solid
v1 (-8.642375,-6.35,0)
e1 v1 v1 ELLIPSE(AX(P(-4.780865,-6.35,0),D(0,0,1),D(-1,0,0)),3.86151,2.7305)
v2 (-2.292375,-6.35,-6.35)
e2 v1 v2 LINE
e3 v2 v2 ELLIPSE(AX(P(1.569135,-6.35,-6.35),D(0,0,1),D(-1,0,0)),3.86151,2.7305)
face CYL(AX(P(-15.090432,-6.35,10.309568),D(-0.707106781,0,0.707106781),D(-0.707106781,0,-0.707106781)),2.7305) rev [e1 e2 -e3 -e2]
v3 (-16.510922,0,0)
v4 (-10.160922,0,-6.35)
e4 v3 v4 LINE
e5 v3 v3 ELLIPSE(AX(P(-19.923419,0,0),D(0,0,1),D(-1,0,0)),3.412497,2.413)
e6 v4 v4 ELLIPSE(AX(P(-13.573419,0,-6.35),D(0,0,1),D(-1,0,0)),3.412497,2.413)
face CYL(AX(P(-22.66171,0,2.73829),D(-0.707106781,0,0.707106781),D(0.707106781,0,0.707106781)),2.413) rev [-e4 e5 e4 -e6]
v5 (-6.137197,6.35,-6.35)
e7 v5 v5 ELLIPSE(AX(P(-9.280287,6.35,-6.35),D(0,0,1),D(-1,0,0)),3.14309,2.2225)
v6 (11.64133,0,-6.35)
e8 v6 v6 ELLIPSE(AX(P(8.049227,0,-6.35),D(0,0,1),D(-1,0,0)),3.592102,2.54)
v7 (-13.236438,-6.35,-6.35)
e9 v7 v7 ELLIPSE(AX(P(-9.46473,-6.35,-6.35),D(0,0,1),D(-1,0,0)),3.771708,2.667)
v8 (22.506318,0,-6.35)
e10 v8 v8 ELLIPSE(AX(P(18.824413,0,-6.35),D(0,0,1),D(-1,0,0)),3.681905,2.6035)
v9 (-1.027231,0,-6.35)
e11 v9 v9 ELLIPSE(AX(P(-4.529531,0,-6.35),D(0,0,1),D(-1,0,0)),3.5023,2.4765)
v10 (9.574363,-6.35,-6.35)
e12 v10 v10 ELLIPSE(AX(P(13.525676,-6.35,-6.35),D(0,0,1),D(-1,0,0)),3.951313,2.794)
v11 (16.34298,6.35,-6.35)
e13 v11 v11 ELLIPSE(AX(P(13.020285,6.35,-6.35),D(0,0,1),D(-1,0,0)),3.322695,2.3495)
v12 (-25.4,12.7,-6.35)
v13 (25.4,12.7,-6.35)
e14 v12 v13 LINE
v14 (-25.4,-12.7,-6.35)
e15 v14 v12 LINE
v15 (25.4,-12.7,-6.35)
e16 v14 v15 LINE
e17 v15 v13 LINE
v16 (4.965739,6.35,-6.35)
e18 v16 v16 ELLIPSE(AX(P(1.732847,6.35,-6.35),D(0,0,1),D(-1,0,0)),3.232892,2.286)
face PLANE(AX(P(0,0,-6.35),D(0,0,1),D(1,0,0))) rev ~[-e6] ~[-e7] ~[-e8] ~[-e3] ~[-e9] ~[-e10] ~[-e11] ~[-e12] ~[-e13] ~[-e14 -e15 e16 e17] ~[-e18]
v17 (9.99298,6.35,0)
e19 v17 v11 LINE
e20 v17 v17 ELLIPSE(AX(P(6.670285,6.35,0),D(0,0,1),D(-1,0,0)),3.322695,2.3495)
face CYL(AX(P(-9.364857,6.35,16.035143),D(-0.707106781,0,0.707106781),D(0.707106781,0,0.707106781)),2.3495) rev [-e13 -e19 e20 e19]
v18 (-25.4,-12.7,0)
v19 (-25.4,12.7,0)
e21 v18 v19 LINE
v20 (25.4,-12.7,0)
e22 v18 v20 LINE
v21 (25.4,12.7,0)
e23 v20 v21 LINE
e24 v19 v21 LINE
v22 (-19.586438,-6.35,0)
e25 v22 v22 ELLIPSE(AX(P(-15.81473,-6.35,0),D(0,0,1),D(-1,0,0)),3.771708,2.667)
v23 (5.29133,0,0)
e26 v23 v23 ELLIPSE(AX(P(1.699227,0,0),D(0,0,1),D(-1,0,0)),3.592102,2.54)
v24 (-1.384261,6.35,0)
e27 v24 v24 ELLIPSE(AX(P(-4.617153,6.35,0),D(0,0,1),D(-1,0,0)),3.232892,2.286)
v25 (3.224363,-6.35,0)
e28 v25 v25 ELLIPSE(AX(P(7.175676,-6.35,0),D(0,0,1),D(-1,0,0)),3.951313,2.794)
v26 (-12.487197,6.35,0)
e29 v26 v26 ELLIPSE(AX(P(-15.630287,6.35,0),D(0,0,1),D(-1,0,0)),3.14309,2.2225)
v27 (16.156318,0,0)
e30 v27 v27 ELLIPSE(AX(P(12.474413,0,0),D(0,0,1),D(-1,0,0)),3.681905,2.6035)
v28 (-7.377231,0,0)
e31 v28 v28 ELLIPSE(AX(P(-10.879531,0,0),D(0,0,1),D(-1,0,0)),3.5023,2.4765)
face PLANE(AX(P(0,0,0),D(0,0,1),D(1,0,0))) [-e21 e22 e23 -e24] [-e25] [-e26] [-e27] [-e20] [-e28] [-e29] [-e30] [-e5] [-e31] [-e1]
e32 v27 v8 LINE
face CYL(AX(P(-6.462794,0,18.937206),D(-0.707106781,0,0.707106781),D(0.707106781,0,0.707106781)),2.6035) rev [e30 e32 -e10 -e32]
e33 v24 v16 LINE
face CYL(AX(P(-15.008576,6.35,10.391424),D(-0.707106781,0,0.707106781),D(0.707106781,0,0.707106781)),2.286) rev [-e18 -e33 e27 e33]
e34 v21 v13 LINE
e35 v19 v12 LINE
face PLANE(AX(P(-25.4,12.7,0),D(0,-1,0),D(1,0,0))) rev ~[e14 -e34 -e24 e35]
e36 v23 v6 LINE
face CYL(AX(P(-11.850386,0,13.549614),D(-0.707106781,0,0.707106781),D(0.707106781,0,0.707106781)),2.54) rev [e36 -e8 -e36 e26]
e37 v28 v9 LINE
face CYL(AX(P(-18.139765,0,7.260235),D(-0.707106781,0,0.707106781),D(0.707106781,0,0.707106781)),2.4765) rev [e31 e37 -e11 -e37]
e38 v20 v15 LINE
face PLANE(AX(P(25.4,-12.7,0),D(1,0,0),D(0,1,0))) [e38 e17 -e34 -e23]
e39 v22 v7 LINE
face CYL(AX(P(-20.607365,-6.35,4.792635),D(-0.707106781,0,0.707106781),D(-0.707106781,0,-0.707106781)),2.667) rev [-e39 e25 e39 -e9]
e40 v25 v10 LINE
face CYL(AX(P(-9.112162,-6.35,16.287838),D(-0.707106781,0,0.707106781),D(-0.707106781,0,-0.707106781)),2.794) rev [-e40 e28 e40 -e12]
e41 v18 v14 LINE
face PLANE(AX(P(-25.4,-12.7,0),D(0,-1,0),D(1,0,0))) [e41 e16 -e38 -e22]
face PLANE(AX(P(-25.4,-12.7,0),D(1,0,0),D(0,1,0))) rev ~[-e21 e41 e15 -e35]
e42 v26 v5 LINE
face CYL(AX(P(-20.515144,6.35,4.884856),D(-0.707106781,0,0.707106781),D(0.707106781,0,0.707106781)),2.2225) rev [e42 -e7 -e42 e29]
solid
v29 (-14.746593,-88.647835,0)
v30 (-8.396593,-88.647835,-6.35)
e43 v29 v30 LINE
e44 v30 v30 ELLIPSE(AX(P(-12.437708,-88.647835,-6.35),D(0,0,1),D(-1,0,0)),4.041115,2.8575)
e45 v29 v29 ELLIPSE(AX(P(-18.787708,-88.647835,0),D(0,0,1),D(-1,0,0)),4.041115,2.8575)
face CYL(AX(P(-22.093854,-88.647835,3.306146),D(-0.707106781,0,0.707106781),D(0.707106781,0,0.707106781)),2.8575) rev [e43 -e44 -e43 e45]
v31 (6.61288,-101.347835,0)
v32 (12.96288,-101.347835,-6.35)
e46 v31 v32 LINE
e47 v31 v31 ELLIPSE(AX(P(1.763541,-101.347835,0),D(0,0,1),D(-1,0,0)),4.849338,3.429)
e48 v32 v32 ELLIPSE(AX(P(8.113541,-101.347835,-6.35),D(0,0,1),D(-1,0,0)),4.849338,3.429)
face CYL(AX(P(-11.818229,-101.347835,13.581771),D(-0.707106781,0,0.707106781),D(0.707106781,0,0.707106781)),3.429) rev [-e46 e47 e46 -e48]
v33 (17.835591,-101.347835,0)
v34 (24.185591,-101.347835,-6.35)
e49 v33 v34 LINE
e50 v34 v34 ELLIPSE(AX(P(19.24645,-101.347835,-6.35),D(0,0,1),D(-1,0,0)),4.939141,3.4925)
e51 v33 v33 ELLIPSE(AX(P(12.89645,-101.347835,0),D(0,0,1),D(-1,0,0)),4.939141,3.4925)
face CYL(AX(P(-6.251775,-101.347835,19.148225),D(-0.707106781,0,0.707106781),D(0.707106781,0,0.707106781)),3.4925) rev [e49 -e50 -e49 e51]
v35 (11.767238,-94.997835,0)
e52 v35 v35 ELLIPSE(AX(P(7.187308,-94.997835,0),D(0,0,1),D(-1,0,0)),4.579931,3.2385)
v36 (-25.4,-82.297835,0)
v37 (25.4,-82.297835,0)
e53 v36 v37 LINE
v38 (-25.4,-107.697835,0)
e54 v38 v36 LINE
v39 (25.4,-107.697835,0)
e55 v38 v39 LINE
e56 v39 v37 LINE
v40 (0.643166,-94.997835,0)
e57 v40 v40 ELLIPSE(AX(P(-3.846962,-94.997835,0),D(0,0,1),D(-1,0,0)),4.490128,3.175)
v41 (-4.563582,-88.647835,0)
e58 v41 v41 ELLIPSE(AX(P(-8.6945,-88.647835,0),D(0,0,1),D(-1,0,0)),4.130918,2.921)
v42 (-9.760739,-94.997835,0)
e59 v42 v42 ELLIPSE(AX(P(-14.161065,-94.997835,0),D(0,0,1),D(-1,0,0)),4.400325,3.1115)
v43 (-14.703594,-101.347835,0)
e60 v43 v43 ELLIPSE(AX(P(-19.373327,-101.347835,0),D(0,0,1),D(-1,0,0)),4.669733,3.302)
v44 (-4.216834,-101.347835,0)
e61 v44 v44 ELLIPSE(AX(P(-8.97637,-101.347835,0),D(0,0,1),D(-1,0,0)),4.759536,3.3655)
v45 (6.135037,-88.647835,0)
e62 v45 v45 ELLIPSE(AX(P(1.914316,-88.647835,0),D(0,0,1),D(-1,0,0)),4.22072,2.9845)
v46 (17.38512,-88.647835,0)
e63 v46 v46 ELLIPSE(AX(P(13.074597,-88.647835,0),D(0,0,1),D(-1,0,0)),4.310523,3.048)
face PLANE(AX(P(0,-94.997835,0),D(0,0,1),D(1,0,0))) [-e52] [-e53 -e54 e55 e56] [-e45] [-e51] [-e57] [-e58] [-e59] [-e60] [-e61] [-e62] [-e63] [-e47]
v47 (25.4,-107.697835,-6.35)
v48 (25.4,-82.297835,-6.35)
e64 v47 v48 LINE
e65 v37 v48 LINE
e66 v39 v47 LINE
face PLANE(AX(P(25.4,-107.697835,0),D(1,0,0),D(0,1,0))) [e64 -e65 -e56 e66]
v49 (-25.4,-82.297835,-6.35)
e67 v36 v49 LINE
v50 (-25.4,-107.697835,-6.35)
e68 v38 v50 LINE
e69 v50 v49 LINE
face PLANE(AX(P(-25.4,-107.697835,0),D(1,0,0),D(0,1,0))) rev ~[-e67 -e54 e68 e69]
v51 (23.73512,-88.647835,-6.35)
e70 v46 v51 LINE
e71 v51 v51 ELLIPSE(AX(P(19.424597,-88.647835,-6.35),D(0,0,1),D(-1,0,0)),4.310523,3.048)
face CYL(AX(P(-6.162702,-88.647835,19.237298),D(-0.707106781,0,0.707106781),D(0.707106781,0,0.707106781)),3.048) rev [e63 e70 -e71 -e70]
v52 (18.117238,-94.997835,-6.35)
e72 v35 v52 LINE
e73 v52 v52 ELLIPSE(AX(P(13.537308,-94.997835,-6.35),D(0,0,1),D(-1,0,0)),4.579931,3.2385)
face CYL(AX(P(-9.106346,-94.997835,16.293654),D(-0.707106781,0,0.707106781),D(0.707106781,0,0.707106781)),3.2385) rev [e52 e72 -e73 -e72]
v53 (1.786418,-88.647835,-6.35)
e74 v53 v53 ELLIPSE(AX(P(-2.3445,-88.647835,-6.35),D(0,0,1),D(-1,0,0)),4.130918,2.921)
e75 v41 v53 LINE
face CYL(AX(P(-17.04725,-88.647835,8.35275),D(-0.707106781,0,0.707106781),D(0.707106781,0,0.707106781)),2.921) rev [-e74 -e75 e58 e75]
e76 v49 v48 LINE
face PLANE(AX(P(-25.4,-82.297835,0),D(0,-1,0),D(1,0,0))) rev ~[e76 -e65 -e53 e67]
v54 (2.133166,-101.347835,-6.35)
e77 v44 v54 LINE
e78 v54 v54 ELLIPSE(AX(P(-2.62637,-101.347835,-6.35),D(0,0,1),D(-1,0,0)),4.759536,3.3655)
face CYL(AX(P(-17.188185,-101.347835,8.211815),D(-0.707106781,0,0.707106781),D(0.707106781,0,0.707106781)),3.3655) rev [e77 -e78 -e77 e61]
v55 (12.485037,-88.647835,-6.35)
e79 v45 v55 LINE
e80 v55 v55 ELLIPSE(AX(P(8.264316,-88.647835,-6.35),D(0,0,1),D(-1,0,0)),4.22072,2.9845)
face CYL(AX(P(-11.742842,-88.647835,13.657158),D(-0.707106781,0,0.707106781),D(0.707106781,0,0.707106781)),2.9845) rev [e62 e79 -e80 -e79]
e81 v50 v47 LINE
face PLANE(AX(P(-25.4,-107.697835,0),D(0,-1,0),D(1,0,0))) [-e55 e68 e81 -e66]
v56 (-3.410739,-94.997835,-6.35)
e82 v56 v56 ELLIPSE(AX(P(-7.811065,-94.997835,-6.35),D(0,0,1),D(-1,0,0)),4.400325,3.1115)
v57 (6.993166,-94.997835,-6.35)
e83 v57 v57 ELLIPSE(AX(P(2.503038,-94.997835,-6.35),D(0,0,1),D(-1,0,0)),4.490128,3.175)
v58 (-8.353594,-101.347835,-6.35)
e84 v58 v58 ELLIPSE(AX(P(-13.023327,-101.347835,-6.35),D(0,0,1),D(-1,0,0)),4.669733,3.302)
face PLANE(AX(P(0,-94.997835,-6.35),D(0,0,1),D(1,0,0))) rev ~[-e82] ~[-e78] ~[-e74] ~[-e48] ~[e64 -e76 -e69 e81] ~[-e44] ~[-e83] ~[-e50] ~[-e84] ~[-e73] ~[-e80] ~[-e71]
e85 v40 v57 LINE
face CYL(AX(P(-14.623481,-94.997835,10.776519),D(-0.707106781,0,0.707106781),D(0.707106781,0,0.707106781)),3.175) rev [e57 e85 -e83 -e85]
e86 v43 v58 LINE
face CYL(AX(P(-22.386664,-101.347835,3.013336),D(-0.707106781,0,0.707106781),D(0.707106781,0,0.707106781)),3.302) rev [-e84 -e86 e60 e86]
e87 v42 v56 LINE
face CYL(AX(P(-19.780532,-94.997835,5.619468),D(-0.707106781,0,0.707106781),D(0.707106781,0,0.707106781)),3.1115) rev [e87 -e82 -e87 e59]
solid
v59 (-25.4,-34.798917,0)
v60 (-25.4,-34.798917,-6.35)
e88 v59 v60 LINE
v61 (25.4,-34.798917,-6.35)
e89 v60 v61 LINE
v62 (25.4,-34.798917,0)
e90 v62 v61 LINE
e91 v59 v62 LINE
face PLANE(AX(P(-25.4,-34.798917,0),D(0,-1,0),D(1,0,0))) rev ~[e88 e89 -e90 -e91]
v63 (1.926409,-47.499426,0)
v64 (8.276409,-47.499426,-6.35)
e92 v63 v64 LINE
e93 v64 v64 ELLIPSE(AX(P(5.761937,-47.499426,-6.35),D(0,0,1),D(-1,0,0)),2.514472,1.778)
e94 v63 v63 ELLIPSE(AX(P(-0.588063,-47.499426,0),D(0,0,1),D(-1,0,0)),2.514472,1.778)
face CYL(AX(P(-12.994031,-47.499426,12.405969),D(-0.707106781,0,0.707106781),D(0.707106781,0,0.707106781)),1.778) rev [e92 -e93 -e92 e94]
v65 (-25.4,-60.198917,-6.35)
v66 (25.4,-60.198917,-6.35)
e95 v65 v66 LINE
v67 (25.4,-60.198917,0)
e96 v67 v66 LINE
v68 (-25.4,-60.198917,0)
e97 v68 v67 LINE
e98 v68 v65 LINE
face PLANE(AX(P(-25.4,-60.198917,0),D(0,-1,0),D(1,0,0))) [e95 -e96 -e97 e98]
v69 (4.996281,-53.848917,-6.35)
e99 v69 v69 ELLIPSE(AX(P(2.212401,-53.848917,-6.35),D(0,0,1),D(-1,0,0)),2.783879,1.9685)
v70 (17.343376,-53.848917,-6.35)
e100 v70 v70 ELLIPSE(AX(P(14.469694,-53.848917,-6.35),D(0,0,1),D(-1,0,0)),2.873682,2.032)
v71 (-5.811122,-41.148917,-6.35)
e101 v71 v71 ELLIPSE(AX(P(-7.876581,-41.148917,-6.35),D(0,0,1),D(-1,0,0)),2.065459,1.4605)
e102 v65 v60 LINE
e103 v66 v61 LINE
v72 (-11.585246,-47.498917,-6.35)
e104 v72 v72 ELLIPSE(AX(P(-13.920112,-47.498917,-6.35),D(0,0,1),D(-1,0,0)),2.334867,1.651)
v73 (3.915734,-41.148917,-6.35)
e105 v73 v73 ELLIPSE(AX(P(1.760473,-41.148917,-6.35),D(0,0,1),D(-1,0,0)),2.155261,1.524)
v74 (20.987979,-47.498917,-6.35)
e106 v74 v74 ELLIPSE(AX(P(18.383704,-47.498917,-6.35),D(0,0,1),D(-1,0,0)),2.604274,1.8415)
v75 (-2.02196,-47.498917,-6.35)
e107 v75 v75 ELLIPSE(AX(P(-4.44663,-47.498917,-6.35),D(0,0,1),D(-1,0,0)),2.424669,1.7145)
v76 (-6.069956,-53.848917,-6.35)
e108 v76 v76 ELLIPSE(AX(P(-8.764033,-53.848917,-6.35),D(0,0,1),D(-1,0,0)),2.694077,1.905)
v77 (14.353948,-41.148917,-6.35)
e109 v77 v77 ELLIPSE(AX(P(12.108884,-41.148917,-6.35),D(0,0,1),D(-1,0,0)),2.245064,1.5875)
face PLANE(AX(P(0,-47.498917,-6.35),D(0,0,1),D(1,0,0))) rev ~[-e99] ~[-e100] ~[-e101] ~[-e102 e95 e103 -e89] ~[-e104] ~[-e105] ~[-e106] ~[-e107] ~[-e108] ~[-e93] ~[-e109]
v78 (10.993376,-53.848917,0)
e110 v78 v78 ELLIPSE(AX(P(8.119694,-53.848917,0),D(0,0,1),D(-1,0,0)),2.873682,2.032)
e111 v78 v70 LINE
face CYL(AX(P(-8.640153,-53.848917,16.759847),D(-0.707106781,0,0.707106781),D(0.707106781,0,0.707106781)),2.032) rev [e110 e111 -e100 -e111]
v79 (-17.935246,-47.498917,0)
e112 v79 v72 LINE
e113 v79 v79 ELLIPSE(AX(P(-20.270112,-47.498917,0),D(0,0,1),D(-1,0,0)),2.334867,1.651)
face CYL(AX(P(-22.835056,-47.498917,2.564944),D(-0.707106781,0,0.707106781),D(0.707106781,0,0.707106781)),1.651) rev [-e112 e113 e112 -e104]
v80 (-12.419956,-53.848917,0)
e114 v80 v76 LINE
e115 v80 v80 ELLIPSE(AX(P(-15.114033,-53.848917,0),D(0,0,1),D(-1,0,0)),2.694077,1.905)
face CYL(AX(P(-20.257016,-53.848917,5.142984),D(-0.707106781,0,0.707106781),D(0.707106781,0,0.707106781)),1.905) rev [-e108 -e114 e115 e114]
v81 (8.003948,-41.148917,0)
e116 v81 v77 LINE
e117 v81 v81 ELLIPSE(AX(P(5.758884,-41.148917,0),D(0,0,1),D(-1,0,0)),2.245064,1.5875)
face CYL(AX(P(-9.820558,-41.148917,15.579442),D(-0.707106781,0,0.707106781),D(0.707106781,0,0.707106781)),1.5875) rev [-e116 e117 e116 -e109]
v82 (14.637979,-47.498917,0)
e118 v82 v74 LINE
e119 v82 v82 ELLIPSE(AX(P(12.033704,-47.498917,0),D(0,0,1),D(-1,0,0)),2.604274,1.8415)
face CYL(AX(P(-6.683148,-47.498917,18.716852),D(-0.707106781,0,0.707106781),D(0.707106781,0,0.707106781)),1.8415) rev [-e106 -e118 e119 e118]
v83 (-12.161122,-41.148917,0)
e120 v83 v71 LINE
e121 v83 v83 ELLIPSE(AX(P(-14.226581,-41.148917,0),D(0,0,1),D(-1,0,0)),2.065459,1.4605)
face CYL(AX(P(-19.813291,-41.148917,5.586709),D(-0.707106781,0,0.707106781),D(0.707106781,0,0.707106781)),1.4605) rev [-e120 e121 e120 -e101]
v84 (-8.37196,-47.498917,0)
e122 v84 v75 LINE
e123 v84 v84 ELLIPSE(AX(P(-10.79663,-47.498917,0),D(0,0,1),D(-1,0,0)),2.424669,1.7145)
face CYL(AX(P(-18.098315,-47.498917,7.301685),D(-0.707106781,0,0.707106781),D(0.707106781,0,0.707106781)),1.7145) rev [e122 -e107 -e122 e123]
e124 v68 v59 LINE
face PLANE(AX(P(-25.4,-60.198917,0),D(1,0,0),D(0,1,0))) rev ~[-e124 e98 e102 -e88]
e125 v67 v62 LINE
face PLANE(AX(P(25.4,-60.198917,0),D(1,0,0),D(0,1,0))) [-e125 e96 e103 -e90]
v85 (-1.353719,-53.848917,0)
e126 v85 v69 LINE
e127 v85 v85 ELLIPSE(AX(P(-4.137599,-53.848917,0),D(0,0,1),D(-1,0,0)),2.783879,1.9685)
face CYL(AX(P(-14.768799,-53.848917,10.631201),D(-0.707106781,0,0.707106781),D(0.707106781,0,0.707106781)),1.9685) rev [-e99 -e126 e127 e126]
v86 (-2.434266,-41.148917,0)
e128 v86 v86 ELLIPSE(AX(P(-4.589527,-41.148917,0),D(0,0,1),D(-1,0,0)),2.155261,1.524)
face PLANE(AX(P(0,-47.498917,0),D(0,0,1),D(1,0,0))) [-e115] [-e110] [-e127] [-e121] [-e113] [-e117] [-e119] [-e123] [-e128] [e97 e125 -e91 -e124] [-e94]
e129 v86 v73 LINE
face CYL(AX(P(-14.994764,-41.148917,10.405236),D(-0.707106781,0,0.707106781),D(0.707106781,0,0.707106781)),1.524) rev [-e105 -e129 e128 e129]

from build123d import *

# Parameters (mm, degrees)
F0_W     = 50.8
F0_H     = 25.4
F1_DEPTH = 6.35
F3_R     = 2.413
F3_R_2   = 2.4765
F3_R_3   = 2.54
F3_R_4   = 2.6035
F3_R_5   = 2.2225
F3_R_6   = 2.286
F3_R_7   = 2.3495
F3_R_8   = 1.4605
F3_R_9   = 1.524
F3_R_10  = 1.5875
F3_R_11  = 1.651
F3_R_12  = 1.7145
F3_R_13  = 1.778
F3_R_14  = 1.8415
F3_R_15  = 1.905
F3_R_16  = 1.9685
F3_R_17  = 2.032
F3_R_18  = 2.8575
F3_R_19  = 2.921
F3_R_20  = 2.9845
F3_R_21  = 3.048
F3_R_22  = 3.1115
F3_R_23  = 3.175
F3_R_24  = 3.2385
F3_R_25  = 3.302
F3_R_26  = 3.3655
F3_R_27  = 3.429
F3_R_28  = 3.4925
F4_DEPTH = 40.412153


with BuildPart() as f1:
    # F0 (on Top) → F1 (new body)
    with BuildSketch(Plane.XY):
        Rectangle(F0_W, F0_H)
        with Locations((0, -47.498917)):
            Rectangle(F0_W, F0_H)
        with Locations((0, -94.997835)):
            Rectangle(F0_W, F0_H)
    extrude(amount=-F1_DEPTH)

    # F3 (on face) → F4 (cut, through all)
    with BuildSketch(Plane(origin=(-12.7, 0, 12.7), x_dir=(0.707107, 0, 0.707107), z_dir=(0.707107, 0, -0.707107))):
        with Locations((-14.087985, 0)):
            Circle(F3_R)
        with Locations((-7.69299, 0)):
            Circle(F3_R_2)
        with Locations((1.201535, 0)):
            Circle(F3_R_3)
        with Locations((8.820742, 0)):
            Circle(F3_R_4)
        with Locations((-11.052282, -6.35)):
            Circle(F3_R_5)
        with Locations((-3.26482, -6.35)):
            Circle(F3_R_6)
        with Locations((4.716604, -6.35)):
            Circle(F3_R_7)
        with BuildLine():
            ThreePointArc((-8.515703, 6.35), (-11.182703, 9.017), (-13.849703, 6.35))
            Line((-13.849703, 6.35), (-8.515703, 6.35))
        make_face()
        with BuildLine():
            ThreePointArc((7.867969, 6.35), (5.073969, 9.144), (2.279969, 6.35))
            Line((2.279969, 6.35), (7.867969, 6.35))
        make_face()
        with BuildLine():
            Line((7.867969, 6.35), (2.279969, 6.35))
            ThreePointArc((2.279969, 6.35), (5.073969, 3.556), (7.867969, 6.35))
        make_face()
        with BuildLine():
            ThreePointArc((-0.650082, 6.35), (-3.380582, 9.0805), (-6.111082, 6.35))
            Line((-6.111082, 6.35), (-0.650082, 6.35))
        make_face()
        with BuildLine():
            Line((-0.650082, 6.35), (-6.111082, 6.35))
            ThreePointArc((-6.111082, 6.35), (-3.380582, 3.6195), (-0.650082, 6.35))
        make_face()
        with BuildLine():
            Line((-8.515703, 6.35), (-13.849703, 6.35))
            ThreePointArc((-13.849703, 6.35), (-11.182703, 3.683), (-8.515703, 6.35))
        make_face()
        with Locations((-10.059712, 41.148917)):
            Circle(F3_R_8)
        with Locations((-3.245286, 41.148917)):
            Circle(F3_R_9)
        with Locations((4.072146, 41.148917)):
            Circle(F3_R_10)
        with Locations((-14.333134, 47.498917)):
            Circle(F3_R_11)
        with Locations((-7.63437, 47.498917)):
            Circle(F3_R_12)
        with Locations((-0.415823, 47.499426)):
            Circle(F3_R_13)
        with Locations((8.509114, 47.498917)):
            Circle(F3_R_14)
        with Locations((-10.687235, 53.848917)):
            Circle(F3_R_15)
        with Locations((-2.925724, 53.848917)):
            Circle(F3_R_16)
        with Locations((5.741491, 53.848917)):
            Circle(F3_R_17)
        with Locations((-13.284916, 88.647835)):
            Circle(F3_R_18)
        with Locations((-6.14794, 88.647835)):
            Circle(F3_R_19)
        with Locations((1.353626, 88.647835)):
            Circle(F3_R_20)
        with Locations((9.245136, 88.647835)):
            Circle(F3_R_21)
        with Locations((-10.013385, 94.997835)):
            Circle(F3_R_22)
        with Locations((-2.720213, 94.997835)):
            Circle(F3_R_23)
        with Locations((5.082194, 94.997835)):
            Circle(F3_R_24)
        with Locations((-13.699011, 101.347835)):
            Circle(F3_R_25)
        with Locations((-6.347252, 101.347835)):
            Circle(F3_R_26)
        with Locations((1.247012, 101.347835)):
            Circle(F3_R_27)
        with Locations((9.119167, 101.347835)):
            Circle(F3_R_28)
    extrude(amount=F4_DEPTH, mode=Mode.SUBTRACT)


solid = f1.part
